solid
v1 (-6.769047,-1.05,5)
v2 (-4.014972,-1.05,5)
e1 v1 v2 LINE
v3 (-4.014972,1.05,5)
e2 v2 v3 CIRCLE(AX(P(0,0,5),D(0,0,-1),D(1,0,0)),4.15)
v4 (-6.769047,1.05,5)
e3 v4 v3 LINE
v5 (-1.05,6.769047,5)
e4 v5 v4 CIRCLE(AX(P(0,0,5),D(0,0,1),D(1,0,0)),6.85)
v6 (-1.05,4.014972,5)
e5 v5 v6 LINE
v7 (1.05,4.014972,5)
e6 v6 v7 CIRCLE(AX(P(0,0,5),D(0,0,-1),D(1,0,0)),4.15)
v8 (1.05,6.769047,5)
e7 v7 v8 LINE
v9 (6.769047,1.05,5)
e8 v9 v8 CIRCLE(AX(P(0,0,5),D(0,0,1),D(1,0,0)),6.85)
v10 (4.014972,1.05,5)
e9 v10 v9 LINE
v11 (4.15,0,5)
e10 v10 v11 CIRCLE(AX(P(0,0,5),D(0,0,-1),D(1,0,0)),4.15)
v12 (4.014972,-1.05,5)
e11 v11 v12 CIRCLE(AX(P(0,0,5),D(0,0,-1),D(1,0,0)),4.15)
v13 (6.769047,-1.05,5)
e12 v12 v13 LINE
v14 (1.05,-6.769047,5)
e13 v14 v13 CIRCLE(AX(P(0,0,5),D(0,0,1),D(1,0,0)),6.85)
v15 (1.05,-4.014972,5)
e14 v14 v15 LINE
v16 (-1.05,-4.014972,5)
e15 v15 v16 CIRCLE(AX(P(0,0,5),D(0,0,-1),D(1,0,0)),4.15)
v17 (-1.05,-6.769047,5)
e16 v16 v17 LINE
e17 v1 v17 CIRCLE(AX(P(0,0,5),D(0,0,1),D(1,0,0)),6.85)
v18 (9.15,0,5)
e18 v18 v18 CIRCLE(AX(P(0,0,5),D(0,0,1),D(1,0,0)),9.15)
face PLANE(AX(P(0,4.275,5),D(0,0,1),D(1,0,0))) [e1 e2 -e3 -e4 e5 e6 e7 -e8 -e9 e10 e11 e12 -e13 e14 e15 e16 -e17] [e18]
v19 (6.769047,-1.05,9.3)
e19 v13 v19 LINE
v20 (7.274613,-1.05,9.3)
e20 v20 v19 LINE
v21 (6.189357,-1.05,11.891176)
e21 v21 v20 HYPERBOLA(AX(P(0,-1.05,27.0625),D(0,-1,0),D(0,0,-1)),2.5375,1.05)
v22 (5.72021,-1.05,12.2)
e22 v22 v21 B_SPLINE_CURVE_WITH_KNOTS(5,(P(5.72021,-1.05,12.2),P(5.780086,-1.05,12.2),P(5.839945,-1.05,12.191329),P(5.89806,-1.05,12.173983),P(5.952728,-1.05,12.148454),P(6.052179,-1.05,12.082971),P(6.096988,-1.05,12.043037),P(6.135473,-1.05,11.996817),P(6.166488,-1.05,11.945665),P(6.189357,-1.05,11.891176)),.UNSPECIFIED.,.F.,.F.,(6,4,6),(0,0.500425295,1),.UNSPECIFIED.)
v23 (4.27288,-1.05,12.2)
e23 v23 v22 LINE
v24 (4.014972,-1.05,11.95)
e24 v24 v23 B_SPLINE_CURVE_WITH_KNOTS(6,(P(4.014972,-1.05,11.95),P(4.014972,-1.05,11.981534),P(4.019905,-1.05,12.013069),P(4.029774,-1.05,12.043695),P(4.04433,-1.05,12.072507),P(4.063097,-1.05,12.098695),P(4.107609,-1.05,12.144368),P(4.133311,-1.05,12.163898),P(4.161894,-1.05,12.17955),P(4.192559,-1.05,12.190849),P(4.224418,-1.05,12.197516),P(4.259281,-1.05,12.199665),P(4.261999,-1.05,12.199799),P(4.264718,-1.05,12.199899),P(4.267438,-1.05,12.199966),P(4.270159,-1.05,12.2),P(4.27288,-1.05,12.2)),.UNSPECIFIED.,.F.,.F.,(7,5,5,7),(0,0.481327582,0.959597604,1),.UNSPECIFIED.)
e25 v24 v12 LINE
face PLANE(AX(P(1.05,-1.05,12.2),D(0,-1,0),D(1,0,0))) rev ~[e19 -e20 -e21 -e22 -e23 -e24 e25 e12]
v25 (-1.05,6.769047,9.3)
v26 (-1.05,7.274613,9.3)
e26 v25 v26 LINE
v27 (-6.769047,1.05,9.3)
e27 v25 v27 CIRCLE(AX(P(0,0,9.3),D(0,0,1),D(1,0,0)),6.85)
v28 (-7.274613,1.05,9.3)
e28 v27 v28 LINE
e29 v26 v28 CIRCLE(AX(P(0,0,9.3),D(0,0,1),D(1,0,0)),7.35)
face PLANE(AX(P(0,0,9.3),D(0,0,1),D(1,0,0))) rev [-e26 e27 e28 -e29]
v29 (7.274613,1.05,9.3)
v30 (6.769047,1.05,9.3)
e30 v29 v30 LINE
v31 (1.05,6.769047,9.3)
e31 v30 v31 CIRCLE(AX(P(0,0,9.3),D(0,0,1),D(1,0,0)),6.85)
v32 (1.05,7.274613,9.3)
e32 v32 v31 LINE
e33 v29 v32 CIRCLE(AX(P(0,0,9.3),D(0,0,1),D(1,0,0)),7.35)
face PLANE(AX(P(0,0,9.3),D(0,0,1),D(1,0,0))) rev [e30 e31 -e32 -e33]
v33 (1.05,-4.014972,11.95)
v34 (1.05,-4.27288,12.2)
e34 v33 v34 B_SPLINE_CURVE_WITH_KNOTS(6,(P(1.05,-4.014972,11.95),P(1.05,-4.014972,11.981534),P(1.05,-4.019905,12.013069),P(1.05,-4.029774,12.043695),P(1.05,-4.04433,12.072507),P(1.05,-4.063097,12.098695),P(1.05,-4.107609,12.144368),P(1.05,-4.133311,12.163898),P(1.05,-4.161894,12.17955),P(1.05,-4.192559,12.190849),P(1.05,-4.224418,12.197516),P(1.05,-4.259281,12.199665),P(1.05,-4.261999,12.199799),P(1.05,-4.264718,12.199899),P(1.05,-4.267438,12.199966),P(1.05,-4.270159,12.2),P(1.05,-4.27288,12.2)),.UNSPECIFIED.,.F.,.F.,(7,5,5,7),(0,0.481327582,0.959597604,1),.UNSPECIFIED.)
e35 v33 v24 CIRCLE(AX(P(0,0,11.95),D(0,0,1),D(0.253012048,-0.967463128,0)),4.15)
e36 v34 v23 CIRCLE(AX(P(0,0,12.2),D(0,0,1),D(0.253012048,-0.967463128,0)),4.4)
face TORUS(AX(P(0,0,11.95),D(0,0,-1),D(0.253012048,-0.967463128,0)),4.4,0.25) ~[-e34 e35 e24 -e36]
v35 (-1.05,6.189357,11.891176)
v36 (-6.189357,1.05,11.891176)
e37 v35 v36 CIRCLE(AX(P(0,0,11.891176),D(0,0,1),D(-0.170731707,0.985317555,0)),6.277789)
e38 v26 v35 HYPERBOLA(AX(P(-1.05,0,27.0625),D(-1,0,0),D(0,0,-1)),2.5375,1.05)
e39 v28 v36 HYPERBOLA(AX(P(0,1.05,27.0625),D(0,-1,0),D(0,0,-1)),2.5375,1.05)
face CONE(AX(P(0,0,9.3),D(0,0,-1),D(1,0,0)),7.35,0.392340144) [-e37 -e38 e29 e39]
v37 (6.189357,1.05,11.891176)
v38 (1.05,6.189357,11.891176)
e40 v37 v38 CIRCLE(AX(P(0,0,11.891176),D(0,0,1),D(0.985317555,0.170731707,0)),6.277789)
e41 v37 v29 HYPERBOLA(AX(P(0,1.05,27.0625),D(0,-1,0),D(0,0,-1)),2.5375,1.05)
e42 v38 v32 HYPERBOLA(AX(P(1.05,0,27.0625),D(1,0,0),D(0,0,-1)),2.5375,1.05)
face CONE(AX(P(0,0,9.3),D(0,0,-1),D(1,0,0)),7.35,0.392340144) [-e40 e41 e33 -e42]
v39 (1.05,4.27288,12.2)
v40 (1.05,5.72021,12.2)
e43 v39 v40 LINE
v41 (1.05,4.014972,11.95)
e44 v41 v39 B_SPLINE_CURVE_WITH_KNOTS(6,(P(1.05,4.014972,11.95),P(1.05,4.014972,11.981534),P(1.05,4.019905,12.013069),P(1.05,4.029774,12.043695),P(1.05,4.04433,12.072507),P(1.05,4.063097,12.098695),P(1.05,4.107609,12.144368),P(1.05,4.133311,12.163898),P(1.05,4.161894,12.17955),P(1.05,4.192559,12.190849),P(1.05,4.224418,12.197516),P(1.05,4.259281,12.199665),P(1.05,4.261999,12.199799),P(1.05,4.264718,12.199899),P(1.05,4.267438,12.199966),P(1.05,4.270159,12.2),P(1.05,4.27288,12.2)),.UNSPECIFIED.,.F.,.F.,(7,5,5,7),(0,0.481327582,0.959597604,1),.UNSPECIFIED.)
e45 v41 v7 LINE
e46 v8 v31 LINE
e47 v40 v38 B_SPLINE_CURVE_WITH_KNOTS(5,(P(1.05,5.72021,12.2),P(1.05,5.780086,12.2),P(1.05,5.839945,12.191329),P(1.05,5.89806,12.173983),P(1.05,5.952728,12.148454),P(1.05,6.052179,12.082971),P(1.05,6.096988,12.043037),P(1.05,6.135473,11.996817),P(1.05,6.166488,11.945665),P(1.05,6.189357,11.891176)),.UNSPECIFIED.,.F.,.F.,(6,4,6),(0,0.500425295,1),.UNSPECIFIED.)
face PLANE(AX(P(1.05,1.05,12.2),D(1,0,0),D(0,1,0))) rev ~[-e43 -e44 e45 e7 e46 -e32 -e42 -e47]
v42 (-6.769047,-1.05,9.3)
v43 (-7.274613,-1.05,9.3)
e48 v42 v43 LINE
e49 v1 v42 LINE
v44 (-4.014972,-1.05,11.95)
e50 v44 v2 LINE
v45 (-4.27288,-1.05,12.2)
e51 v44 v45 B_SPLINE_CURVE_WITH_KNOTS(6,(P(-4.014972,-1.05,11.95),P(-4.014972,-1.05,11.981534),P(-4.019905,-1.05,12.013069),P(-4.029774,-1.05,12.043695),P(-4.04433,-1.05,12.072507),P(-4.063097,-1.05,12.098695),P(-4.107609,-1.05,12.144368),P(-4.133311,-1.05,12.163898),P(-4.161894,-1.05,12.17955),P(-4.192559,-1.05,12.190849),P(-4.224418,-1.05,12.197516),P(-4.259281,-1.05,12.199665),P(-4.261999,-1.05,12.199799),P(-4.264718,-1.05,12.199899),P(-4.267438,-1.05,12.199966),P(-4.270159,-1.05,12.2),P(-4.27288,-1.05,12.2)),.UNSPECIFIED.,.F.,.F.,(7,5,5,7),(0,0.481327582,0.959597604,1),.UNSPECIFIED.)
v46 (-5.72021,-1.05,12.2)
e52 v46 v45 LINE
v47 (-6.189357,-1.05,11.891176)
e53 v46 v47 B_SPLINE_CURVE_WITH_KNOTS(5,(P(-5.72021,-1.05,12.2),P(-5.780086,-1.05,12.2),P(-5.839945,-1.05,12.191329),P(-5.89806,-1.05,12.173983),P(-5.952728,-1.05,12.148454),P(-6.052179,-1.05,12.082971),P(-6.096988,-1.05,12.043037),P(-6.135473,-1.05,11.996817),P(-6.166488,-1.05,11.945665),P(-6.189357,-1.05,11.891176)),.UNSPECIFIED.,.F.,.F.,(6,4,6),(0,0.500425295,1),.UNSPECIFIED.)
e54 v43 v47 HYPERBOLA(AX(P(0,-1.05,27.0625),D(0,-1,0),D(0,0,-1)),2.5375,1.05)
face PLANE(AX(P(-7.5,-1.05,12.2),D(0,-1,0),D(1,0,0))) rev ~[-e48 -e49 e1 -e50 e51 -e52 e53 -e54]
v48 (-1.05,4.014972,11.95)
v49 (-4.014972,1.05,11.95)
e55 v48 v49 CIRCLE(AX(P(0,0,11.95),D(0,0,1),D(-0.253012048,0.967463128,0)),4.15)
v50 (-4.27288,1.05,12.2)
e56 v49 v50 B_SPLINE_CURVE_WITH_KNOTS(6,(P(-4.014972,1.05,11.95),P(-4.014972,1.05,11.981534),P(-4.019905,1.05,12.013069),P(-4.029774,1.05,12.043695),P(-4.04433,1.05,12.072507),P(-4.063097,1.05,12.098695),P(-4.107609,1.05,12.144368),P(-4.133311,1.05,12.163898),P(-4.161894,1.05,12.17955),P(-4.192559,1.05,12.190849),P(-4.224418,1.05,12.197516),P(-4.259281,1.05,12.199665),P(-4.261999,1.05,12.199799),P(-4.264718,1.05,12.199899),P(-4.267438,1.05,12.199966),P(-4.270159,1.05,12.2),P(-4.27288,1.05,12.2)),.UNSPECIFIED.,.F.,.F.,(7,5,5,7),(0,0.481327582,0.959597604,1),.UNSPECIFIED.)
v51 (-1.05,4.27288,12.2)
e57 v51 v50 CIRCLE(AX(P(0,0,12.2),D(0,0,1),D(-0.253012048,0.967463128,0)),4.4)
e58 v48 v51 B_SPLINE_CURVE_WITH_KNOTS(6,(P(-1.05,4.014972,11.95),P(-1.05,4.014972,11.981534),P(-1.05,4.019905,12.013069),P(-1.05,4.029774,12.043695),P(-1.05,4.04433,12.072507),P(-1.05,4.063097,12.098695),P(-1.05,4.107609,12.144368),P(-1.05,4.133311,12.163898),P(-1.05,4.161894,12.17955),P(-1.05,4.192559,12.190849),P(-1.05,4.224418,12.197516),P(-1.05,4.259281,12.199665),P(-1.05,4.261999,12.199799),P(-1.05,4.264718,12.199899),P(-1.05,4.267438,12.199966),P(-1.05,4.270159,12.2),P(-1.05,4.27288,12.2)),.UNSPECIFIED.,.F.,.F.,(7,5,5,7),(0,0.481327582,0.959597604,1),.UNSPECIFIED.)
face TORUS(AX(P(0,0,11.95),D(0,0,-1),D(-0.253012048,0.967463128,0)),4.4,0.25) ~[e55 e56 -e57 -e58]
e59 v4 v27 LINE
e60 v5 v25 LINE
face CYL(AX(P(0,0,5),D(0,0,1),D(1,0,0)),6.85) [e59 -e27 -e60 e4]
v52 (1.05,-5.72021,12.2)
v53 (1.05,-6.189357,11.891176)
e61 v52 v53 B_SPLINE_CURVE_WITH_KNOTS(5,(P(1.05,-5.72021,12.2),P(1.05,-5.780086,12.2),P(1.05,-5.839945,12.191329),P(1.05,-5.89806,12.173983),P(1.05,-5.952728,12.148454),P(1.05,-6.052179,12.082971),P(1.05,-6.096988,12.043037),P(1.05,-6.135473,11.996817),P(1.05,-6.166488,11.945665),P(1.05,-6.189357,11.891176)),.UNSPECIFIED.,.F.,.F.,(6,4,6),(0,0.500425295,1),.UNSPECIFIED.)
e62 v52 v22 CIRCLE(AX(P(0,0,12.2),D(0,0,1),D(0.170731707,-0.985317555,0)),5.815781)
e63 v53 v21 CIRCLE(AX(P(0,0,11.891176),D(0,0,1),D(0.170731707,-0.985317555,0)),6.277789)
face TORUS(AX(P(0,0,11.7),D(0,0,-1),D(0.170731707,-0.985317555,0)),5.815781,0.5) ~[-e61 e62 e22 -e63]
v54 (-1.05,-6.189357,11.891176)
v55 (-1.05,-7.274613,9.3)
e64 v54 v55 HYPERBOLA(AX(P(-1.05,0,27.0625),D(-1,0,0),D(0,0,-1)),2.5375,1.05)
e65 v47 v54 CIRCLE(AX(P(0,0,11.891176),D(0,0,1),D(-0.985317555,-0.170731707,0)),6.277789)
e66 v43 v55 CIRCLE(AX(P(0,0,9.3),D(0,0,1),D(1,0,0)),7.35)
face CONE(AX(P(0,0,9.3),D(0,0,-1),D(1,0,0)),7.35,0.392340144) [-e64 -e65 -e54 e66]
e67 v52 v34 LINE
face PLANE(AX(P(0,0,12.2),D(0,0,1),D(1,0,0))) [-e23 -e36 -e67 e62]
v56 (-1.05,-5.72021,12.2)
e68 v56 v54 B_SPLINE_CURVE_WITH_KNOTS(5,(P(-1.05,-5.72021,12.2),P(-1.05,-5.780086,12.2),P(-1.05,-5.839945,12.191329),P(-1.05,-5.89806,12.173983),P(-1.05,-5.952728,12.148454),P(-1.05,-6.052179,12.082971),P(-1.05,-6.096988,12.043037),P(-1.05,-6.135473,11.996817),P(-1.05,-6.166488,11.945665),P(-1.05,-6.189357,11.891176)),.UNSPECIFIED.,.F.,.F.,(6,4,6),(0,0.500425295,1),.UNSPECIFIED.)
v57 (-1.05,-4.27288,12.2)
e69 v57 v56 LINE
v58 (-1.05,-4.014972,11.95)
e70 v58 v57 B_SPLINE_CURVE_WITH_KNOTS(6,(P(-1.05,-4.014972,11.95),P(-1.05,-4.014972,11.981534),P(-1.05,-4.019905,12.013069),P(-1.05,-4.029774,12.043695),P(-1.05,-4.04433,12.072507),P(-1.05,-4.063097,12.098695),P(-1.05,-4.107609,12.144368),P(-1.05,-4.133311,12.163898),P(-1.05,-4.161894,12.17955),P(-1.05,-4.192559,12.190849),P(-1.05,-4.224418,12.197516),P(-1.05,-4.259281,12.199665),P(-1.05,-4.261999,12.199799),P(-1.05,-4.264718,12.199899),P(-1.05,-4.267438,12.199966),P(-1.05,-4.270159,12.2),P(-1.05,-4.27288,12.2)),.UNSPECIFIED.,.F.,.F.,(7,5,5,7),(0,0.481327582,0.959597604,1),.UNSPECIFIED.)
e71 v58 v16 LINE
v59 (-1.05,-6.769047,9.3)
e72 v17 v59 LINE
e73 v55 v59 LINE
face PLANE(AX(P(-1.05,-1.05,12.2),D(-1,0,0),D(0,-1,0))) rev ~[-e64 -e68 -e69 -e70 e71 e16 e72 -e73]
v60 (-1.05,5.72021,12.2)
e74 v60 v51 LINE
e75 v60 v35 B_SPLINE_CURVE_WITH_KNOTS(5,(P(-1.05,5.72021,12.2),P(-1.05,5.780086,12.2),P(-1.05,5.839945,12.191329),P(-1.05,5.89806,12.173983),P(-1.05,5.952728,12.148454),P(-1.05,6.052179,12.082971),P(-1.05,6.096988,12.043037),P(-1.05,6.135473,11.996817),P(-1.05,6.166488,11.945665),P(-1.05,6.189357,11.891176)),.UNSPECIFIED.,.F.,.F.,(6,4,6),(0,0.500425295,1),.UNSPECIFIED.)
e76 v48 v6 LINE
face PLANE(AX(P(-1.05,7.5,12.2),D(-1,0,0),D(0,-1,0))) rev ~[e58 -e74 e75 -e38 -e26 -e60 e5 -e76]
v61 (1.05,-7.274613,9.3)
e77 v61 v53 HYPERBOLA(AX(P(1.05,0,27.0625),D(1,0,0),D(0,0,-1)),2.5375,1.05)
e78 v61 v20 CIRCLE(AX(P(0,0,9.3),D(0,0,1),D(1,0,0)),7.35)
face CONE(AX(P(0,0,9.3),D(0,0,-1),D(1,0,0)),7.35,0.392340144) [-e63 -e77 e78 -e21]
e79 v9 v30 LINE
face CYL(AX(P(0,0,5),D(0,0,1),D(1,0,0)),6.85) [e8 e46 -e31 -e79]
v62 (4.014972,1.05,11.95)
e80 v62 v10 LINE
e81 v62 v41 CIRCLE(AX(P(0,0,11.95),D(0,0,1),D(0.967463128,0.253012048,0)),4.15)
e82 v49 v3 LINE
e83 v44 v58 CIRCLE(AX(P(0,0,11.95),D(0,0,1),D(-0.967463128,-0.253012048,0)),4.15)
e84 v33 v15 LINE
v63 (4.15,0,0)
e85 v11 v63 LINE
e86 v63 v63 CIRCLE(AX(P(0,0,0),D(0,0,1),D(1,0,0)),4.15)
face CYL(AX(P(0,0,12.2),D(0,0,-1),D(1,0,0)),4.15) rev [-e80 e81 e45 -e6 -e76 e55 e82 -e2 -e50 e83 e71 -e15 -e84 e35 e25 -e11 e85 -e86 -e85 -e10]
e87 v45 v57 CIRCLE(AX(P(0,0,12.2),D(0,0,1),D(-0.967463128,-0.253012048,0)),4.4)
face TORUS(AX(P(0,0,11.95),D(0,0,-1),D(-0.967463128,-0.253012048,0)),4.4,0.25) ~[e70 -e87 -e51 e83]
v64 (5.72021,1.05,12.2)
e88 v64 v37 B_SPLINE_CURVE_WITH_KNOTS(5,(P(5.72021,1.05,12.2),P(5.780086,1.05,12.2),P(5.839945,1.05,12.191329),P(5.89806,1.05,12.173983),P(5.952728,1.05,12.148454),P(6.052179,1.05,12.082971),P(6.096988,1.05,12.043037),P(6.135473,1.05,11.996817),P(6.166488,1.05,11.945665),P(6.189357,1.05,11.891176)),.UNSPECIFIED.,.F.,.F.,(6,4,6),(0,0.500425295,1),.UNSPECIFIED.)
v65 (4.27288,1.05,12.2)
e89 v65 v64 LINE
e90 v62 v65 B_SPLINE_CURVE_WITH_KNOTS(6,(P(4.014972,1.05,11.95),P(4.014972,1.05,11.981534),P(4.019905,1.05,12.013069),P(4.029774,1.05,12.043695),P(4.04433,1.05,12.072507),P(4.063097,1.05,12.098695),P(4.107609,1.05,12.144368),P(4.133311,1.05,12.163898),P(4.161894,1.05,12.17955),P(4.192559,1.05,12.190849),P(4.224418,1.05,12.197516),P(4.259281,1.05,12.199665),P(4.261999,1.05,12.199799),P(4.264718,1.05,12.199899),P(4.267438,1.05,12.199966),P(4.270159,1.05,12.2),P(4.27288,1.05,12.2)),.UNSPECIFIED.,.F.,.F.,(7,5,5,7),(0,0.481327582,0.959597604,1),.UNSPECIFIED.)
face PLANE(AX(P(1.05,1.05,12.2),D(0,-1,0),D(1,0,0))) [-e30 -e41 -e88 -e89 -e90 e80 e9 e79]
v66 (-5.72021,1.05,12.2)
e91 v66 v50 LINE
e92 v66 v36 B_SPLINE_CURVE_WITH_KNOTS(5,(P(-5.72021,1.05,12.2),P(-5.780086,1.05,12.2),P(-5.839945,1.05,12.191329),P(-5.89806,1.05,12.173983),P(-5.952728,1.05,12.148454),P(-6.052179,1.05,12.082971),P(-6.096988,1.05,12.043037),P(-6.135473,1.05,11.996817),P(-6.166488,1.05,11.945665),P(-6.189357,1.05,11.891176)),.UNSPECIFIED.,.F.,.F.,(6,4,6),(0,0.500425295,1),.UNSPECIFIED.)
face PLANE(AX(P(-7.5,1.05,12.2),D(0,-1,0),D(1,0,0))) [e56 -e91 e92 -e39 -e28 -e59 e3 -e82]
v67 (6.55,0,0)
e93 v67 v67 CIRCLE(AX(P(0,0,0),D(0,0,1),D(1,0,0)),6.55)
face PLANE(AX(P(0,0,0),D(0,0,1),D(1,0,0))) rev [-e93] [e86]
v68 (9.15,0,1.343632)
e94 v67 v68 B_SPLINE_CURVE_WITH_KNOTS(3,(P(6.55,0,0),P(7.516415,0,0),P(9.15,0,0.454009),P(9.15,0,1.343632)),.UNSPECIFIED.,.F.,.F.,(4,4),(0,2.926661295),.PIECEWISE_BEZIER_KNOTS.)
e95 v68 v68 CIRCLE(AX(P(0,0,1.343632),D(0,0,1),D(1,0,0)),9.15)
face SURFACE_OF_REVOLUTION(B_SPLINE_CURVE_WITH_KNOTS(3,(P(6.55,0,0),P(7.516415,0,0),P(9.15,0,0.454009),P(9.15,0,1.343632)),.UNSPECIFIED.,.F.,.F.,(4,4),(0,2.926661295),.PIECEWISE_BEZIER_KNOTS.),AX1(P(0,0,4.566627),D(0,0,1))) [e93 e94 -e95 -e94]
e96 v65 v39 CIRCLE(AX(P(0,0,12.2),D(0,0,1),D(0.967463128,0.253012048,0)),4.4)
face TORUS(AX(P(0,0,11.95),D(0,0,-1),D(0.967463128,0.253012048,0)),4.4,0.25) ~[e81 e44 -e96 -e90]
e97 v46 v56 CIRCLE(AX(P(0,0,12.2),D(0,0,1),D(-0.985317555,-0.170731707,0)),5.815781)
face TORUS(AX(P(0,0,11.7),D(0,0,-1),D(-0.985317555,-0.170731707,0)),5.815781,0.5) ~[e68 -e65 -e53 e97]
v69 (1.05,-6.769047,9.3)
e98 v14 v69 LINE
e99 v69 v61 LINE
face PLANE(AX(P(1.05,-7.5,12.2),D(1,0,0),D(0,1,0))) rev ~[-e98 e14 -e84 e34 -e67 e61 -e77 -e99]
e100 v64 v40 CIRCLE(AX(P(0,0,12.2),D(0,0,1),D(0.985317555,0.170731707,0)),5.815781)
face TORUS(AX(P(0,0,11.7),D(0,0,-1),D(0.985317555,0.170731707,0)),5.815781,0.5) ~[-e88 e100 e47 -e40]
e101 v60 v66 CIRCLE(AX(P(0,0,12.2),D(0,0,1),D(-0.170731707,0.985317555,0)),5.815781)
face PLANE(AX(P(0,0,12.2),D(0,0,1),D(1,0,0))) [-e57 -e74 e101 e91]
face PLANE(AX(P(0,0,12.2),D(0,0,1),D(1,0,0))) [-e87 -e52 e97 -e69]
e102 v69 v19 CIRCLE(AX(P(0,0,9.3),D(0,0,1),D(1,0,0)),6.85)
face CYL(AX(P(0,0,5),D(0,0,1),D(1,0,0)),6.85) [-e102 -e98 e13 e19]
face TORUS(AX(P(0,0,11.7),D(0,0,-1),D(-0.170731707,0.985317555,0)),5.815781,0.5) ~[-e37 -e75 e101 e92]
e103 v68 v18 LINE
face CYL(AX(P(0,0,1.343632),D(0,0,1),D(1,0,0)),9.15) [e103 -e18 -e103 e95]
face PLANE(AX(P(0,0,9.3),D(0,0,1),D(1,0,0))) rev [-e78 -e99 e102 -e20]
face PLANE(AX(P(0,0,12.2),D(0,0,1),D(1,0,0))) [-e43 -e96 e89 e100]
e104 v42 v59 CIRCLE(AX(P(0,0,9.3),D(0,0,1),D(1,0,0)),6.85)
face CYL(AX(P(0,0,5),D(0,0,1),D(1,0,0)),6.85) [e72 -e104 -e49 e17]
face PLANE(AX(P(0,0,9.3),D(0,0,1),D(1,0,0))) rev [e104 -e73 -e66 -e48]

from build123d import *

# Parameters (mm, degrees)
F2_W     = 2.1
F2_H     = 6.45
F2_W_2   = 6.45
F2_H_2   = 2.1
F3_DEPTH = 7.2
F4_R     = 0.25
F5_R     = 0.5


with BuildPart() as f1:
    # F0 (on Front) → F1 (revolve)
    with BuildSketch(Plane.XZ):
        with BuildLine():
            Line((4.15, 12.2), (4.15, 0))
            Line((4.15, 0), (6.55, 0))
            add(Edge.make_bspline(
                [(6.55, 0), (7.5164148551, 0), (9.15, 0.4540091534), (9.15, 1.3436317709)],
                knots=[0, 0, 0, 0, 2.926661295, 2.926661295, 2.926661295, 2.926661295], degree=3))
            Line((9.15, 1.3436317709), (9.15, 5))
            Line((9.15, 5), (6.85, 5))
            Line((6.85, 5), (6.85, 9.3))
            Line((6.85, 9.3), (7.35, 9.3))
            Line((7.35, 9.3), (6.15, 12.2))
            Line((6.15, 12.2), (4.15, 12.2))
        make_face()
    revolve(axis=Axis((0, 0, 4.5666272921), (0, 0, 1)))

    # F2 (on face) → F3 (cut)
    with BuildSketch(Plane.XY.offset(12.2)):
        with Locations((0, 4.275)):
            Rectangle(F2_W, F2_H)
        with Locations((4.275, 0)):
            Rectangle(F2_W_2, F2_H_2)
        Rectangle(F2_W, F2_H_2)
        with Locations((0, -4.275)):
            Rectangle(F2_W, F2_H)
        with Locations((-4.275, 0)):
            Rectangle(F2_W_2, F2_H_2)
    extrude(amount=-F3_DEPTH, mode=Mode.SUBTRACT)

    # F4
    f4_edges = [f1.edges().sort_by_distance(p)[0] for p in [
        (-2.934493, -2.934493, 12.2),
        (-2.934493, 2.934493, 12.2),
        (2.934493, 2.934493, 12.2),
        (2.934493, -2.934493, 12.2),
    ]]
    fillet(f4_edges, radius=F4_R)

    # F5
    f5_edges = [f1.edges().sort_by_distance(p)[0] for p in [
        (4.348707, 4.348707, 12.2),
        (-4.348707, 4.348707, 12.2),
        (-4.348707, -4.348707, 12.2),
        (4.348707, -4.348707, 12.2),
    ]]
    fillet(f5_edges, radius=F5_R)


solid = f1.part
